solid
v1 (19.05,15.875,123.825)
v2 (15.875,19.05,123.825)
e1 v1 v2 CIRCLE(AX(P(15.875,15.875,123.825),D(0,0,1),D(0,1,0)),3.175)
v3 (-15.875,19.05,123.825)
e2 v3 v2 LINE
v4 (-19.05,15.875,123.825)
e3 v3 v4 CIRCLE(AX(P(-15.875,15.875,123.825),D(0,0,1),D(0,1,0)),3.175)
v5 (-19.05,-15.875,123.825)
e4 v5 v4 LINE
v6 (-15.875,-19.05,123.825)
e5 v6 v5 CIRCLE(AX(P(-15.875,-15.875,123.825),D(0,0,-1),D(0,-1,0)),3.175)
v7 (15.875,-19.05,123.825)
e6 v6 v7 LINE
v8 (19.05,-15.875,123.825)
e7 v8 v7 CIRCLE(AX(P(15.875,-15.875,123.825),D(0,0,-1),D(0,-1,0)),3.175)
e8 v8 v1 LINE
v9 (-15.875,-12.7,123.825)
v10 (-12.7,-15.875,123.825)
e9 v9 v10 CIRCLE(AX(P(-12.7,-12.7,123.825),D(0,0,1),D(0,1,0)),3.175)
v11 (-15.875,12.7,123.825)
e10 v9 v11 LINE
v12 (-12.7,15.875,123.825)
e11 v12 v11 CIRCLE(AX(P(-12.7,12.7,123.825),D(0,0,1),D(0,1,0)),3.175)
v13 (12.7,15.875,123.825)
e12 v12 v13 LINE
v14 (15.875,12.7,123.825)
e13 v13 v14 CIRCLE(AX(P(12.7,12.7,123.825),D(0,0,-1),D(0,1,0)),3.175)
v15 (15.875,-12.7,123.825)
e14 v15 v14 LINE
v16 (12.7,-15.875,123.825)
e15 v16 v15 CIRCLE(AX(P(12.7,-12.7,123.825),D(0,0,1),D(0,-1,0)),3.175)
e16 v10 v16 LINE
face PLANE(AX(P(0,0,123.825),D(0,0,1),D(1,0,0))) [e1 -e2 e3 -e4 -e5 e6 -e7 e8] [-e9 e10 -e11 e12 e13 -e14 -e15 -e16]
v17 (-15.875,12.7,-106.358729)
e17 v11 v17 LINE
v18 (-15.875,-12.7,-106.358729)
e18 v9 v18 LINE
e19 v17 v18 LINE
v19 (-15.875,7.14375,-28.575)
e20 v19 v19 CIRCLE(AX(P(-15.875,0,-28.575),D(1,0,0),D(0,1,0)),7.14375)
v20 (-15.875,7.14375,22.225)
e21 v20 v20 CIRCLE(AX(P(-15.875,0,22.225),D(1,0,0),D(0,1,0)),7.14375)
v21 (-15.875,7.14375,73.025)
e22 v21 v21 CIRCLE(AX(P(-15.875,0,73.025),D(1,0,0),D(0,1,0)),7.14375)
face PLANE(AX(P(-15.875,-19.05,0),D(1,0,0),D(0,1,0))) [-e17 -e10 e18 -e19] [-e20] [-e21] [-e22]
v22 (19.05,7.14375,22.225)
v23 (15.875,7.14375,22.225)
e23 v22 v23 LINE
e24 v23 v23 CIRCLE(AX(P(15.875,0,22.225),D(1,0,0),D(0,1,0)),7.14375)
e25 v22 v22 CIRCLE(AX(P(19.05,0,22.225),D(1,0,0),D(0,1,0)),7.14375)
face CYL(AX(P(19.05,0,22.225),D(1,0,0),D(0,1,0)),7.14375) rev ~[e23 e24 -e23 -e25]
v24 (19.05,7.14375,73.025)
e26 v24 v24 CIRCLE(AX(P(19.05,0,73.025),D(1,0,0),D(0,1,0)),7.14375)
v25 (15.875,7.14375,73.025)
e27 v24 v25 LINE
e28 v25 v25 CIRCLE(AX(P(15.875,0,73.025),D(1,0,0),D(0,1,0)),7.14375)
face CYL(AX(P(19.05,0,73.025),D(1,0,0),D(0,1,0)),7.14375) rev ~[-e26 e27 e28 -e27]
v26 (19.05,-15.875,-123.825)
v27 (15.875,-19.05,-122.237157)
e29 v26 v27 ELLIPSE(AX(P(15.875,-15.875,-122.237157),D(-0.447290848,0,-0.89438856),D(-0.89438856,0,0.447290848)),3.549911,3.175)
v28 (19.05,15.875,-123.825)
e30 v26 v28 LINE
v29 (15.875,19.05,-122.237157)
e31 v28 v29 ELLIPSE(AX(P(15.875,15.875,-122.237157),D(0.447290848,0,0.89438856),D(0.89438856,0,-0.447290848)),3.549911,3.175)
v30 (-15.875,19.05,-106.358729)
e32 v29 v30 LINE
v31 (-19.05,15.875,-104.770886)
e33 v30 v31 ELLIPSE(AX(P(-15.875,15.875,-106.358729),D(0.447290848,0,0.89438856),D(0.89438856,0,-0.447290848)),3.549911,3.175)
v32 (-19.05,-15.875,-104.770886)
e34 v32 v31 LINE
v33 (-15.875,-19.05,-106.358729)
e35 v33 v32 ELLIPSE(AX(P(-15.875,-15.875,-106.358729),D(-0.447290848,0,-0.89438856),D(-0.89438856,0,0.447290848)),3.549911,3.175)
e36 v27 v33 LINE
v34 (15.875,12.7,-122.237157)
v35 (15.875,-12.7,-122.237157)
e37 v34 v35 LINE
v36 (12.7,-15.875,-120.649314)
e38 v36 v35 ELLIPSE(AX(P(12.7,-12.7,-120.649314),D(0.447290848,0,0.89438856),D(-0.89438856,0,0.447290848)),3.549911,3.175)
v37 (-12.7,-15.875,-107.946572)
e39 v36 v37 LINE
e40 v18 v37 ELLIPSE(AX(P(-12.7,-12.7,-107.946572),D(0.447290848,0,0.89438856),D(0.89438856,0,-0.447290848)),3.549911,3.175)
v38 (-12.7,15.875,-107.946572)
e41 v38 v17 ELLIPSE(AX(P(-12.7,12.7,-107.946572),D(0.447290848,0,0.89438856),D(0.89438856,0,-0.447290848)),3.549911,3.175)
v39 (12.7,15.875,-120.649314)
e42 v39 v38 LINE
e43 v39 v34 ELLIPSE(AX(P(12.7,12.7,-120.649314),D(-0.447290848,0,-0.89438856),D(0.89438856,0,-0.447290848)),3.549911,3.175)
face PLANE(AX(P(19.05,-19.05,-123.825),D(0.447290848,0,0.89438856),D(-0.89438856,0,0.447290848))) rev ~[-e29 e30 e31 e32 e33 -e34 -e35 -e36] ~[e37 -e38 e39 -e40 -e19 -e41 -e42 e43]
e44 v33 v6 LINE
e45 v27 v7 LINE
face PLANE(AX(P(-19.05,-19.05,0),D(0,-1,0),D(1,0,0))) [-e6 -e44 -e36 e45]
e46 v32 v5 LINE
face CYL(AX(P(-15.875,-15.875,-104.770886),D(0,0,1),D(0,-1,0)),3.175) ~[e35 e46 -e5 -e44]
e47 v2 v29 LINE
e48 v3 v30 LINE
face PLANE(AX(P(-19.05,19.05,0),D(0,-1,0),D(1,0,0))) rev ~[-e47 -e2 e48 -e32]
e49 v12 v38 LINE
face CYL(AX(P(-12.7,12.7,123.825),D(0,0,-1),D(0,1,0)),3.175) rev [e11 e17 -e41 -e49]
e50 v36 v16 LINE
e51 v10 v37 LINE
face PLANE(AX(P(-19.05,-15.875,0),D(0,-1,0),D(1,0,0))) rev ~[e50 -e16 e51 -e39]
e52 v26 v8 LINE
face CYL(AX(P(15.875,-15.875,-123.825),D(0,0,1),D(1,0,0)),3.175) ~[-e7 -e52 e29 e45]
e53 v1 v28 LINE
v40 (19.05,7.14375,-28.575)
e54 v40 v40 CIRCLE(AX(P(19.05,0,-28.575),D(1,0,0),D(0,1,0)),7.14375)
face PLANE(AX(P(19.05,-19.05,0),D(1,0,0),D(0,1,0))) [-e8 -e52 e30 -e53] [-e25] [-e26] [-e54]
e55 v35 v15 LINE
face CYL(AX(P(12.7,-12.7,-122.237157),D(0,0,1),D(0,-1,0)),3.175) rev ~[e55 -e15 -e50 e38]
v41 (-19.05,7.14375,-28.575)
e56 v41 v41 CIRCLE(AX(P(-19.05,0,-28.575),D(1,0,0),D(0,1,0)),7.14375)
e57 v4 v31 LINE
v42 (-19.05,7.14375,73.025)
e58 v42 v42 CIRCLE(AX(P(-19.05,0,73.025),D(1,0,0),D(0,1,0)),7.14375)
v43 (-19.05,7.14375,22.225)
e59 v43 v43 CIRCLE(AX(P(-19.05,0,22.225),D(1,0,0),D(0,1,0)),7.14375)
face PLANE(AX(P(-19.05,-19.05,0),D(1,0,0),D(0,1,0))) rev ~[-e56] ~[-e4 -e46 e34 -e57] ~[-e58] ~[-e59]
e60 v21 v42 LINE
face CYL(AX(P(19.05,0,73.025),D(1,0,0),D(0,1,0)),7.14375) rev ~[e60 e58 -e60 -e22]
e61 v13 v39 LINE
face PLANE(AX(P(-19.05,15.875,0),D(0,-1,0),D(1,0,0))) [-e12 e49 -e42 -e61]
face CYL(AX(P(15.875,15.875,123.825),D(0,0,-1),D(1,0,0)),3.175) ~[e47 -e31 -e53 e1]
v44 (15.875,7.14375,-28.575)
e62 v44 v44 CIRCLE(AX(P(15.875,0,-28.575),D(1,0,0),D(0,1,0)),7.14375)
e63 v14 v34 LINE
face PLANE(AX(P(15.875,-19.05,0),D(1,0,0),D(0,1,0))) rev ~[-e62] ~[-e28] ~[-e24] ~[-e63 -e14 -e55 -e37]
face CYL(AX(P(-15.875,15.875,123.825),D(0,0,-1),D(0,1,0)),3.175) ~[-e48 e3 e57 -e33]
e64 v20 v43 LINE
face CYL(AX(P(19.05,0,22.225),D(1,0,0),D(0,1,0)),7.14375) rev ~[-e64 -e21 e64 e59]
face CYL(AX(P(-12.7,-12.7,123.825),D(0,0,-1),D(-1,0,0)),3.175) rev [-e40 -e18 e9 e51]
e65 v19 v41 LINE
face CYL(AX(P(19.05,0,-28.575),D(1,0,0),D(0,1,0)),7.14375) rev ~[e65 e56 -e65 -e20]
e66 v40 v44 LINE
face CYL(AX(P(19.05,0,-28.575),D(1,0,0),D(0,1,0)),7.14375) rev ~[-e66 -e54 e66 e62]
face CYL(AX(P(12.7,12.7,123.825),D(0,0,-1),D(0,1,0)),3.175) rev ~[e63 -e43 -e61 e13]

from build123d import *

# Parameters (mm, degrees)
F0_W     = 38.1
F0_H     = 38.1
F1_DEPTH = 123.825
F2_T     = -3.175
F3_R     = 7.14375
F4_DEPTH = 38.101
F6_DEPTH = 38.101
F7_R     = 3.175


with BuildPart() as f1:
    # F0 (on Top) → F1 (new body, symmetric)
    with BuildSketch(Plane.XY):
        Rectangle(F0_W, F0_H)
    extrude(amount=F1_DEPTH, both=True)

    # F2
    f2_openings = [f1.faces().sort_by_distance(p)[0] for p in [
        (0, 0, 123.825),
        (0, 0, -123.825),
    ]]
    offset(amount=F2_T, openings=f2_openings)

    # F3 (on face) → F4 (cut, through all)
    with BuildSketch(Plane.YZ.offset(19.05)):
        with Locations((0, 73.025)):
            Circle(F3_R)
        with Locations((0, 22.225)):
            Circle(F3_R)
        with Locations((0, -28.575)):
            Circle(F3_R)
    extrude(amount=-F4_DEPTH, mode=Mode.SUBTRACT)

    # F5 (on face) → F6 (cut, through all)
    with BuildSketch(Plane.XZ.offset(19.05)):
        Polygon((-19.05, -123.825), (19.05, -123.825), (-19.05, -104.7708862961), align=None)
    extrude(amount=-F6_DEPTH, mode=Mode.SUBTRACT)

    # F7
    f7_edges = [f1.edges().sort_by_distance(p)[0] for p in [
        (-19.05, -19.05, 9.527057),
        (19.05, 19.05, 0),
        (19.05, -19.05, 0),
        (-19.05, 19.05, 9.527057),
        (-15.875, -15.875, 8.733135),
        (-15.875, 15.875, 8.733135),
        (15.875, 15.875, 0.793921),
        (15.875, -15.875, 0.793921),
    ]]
    fillet(f7_edges, radius=F7_R)


solid = f1.part
